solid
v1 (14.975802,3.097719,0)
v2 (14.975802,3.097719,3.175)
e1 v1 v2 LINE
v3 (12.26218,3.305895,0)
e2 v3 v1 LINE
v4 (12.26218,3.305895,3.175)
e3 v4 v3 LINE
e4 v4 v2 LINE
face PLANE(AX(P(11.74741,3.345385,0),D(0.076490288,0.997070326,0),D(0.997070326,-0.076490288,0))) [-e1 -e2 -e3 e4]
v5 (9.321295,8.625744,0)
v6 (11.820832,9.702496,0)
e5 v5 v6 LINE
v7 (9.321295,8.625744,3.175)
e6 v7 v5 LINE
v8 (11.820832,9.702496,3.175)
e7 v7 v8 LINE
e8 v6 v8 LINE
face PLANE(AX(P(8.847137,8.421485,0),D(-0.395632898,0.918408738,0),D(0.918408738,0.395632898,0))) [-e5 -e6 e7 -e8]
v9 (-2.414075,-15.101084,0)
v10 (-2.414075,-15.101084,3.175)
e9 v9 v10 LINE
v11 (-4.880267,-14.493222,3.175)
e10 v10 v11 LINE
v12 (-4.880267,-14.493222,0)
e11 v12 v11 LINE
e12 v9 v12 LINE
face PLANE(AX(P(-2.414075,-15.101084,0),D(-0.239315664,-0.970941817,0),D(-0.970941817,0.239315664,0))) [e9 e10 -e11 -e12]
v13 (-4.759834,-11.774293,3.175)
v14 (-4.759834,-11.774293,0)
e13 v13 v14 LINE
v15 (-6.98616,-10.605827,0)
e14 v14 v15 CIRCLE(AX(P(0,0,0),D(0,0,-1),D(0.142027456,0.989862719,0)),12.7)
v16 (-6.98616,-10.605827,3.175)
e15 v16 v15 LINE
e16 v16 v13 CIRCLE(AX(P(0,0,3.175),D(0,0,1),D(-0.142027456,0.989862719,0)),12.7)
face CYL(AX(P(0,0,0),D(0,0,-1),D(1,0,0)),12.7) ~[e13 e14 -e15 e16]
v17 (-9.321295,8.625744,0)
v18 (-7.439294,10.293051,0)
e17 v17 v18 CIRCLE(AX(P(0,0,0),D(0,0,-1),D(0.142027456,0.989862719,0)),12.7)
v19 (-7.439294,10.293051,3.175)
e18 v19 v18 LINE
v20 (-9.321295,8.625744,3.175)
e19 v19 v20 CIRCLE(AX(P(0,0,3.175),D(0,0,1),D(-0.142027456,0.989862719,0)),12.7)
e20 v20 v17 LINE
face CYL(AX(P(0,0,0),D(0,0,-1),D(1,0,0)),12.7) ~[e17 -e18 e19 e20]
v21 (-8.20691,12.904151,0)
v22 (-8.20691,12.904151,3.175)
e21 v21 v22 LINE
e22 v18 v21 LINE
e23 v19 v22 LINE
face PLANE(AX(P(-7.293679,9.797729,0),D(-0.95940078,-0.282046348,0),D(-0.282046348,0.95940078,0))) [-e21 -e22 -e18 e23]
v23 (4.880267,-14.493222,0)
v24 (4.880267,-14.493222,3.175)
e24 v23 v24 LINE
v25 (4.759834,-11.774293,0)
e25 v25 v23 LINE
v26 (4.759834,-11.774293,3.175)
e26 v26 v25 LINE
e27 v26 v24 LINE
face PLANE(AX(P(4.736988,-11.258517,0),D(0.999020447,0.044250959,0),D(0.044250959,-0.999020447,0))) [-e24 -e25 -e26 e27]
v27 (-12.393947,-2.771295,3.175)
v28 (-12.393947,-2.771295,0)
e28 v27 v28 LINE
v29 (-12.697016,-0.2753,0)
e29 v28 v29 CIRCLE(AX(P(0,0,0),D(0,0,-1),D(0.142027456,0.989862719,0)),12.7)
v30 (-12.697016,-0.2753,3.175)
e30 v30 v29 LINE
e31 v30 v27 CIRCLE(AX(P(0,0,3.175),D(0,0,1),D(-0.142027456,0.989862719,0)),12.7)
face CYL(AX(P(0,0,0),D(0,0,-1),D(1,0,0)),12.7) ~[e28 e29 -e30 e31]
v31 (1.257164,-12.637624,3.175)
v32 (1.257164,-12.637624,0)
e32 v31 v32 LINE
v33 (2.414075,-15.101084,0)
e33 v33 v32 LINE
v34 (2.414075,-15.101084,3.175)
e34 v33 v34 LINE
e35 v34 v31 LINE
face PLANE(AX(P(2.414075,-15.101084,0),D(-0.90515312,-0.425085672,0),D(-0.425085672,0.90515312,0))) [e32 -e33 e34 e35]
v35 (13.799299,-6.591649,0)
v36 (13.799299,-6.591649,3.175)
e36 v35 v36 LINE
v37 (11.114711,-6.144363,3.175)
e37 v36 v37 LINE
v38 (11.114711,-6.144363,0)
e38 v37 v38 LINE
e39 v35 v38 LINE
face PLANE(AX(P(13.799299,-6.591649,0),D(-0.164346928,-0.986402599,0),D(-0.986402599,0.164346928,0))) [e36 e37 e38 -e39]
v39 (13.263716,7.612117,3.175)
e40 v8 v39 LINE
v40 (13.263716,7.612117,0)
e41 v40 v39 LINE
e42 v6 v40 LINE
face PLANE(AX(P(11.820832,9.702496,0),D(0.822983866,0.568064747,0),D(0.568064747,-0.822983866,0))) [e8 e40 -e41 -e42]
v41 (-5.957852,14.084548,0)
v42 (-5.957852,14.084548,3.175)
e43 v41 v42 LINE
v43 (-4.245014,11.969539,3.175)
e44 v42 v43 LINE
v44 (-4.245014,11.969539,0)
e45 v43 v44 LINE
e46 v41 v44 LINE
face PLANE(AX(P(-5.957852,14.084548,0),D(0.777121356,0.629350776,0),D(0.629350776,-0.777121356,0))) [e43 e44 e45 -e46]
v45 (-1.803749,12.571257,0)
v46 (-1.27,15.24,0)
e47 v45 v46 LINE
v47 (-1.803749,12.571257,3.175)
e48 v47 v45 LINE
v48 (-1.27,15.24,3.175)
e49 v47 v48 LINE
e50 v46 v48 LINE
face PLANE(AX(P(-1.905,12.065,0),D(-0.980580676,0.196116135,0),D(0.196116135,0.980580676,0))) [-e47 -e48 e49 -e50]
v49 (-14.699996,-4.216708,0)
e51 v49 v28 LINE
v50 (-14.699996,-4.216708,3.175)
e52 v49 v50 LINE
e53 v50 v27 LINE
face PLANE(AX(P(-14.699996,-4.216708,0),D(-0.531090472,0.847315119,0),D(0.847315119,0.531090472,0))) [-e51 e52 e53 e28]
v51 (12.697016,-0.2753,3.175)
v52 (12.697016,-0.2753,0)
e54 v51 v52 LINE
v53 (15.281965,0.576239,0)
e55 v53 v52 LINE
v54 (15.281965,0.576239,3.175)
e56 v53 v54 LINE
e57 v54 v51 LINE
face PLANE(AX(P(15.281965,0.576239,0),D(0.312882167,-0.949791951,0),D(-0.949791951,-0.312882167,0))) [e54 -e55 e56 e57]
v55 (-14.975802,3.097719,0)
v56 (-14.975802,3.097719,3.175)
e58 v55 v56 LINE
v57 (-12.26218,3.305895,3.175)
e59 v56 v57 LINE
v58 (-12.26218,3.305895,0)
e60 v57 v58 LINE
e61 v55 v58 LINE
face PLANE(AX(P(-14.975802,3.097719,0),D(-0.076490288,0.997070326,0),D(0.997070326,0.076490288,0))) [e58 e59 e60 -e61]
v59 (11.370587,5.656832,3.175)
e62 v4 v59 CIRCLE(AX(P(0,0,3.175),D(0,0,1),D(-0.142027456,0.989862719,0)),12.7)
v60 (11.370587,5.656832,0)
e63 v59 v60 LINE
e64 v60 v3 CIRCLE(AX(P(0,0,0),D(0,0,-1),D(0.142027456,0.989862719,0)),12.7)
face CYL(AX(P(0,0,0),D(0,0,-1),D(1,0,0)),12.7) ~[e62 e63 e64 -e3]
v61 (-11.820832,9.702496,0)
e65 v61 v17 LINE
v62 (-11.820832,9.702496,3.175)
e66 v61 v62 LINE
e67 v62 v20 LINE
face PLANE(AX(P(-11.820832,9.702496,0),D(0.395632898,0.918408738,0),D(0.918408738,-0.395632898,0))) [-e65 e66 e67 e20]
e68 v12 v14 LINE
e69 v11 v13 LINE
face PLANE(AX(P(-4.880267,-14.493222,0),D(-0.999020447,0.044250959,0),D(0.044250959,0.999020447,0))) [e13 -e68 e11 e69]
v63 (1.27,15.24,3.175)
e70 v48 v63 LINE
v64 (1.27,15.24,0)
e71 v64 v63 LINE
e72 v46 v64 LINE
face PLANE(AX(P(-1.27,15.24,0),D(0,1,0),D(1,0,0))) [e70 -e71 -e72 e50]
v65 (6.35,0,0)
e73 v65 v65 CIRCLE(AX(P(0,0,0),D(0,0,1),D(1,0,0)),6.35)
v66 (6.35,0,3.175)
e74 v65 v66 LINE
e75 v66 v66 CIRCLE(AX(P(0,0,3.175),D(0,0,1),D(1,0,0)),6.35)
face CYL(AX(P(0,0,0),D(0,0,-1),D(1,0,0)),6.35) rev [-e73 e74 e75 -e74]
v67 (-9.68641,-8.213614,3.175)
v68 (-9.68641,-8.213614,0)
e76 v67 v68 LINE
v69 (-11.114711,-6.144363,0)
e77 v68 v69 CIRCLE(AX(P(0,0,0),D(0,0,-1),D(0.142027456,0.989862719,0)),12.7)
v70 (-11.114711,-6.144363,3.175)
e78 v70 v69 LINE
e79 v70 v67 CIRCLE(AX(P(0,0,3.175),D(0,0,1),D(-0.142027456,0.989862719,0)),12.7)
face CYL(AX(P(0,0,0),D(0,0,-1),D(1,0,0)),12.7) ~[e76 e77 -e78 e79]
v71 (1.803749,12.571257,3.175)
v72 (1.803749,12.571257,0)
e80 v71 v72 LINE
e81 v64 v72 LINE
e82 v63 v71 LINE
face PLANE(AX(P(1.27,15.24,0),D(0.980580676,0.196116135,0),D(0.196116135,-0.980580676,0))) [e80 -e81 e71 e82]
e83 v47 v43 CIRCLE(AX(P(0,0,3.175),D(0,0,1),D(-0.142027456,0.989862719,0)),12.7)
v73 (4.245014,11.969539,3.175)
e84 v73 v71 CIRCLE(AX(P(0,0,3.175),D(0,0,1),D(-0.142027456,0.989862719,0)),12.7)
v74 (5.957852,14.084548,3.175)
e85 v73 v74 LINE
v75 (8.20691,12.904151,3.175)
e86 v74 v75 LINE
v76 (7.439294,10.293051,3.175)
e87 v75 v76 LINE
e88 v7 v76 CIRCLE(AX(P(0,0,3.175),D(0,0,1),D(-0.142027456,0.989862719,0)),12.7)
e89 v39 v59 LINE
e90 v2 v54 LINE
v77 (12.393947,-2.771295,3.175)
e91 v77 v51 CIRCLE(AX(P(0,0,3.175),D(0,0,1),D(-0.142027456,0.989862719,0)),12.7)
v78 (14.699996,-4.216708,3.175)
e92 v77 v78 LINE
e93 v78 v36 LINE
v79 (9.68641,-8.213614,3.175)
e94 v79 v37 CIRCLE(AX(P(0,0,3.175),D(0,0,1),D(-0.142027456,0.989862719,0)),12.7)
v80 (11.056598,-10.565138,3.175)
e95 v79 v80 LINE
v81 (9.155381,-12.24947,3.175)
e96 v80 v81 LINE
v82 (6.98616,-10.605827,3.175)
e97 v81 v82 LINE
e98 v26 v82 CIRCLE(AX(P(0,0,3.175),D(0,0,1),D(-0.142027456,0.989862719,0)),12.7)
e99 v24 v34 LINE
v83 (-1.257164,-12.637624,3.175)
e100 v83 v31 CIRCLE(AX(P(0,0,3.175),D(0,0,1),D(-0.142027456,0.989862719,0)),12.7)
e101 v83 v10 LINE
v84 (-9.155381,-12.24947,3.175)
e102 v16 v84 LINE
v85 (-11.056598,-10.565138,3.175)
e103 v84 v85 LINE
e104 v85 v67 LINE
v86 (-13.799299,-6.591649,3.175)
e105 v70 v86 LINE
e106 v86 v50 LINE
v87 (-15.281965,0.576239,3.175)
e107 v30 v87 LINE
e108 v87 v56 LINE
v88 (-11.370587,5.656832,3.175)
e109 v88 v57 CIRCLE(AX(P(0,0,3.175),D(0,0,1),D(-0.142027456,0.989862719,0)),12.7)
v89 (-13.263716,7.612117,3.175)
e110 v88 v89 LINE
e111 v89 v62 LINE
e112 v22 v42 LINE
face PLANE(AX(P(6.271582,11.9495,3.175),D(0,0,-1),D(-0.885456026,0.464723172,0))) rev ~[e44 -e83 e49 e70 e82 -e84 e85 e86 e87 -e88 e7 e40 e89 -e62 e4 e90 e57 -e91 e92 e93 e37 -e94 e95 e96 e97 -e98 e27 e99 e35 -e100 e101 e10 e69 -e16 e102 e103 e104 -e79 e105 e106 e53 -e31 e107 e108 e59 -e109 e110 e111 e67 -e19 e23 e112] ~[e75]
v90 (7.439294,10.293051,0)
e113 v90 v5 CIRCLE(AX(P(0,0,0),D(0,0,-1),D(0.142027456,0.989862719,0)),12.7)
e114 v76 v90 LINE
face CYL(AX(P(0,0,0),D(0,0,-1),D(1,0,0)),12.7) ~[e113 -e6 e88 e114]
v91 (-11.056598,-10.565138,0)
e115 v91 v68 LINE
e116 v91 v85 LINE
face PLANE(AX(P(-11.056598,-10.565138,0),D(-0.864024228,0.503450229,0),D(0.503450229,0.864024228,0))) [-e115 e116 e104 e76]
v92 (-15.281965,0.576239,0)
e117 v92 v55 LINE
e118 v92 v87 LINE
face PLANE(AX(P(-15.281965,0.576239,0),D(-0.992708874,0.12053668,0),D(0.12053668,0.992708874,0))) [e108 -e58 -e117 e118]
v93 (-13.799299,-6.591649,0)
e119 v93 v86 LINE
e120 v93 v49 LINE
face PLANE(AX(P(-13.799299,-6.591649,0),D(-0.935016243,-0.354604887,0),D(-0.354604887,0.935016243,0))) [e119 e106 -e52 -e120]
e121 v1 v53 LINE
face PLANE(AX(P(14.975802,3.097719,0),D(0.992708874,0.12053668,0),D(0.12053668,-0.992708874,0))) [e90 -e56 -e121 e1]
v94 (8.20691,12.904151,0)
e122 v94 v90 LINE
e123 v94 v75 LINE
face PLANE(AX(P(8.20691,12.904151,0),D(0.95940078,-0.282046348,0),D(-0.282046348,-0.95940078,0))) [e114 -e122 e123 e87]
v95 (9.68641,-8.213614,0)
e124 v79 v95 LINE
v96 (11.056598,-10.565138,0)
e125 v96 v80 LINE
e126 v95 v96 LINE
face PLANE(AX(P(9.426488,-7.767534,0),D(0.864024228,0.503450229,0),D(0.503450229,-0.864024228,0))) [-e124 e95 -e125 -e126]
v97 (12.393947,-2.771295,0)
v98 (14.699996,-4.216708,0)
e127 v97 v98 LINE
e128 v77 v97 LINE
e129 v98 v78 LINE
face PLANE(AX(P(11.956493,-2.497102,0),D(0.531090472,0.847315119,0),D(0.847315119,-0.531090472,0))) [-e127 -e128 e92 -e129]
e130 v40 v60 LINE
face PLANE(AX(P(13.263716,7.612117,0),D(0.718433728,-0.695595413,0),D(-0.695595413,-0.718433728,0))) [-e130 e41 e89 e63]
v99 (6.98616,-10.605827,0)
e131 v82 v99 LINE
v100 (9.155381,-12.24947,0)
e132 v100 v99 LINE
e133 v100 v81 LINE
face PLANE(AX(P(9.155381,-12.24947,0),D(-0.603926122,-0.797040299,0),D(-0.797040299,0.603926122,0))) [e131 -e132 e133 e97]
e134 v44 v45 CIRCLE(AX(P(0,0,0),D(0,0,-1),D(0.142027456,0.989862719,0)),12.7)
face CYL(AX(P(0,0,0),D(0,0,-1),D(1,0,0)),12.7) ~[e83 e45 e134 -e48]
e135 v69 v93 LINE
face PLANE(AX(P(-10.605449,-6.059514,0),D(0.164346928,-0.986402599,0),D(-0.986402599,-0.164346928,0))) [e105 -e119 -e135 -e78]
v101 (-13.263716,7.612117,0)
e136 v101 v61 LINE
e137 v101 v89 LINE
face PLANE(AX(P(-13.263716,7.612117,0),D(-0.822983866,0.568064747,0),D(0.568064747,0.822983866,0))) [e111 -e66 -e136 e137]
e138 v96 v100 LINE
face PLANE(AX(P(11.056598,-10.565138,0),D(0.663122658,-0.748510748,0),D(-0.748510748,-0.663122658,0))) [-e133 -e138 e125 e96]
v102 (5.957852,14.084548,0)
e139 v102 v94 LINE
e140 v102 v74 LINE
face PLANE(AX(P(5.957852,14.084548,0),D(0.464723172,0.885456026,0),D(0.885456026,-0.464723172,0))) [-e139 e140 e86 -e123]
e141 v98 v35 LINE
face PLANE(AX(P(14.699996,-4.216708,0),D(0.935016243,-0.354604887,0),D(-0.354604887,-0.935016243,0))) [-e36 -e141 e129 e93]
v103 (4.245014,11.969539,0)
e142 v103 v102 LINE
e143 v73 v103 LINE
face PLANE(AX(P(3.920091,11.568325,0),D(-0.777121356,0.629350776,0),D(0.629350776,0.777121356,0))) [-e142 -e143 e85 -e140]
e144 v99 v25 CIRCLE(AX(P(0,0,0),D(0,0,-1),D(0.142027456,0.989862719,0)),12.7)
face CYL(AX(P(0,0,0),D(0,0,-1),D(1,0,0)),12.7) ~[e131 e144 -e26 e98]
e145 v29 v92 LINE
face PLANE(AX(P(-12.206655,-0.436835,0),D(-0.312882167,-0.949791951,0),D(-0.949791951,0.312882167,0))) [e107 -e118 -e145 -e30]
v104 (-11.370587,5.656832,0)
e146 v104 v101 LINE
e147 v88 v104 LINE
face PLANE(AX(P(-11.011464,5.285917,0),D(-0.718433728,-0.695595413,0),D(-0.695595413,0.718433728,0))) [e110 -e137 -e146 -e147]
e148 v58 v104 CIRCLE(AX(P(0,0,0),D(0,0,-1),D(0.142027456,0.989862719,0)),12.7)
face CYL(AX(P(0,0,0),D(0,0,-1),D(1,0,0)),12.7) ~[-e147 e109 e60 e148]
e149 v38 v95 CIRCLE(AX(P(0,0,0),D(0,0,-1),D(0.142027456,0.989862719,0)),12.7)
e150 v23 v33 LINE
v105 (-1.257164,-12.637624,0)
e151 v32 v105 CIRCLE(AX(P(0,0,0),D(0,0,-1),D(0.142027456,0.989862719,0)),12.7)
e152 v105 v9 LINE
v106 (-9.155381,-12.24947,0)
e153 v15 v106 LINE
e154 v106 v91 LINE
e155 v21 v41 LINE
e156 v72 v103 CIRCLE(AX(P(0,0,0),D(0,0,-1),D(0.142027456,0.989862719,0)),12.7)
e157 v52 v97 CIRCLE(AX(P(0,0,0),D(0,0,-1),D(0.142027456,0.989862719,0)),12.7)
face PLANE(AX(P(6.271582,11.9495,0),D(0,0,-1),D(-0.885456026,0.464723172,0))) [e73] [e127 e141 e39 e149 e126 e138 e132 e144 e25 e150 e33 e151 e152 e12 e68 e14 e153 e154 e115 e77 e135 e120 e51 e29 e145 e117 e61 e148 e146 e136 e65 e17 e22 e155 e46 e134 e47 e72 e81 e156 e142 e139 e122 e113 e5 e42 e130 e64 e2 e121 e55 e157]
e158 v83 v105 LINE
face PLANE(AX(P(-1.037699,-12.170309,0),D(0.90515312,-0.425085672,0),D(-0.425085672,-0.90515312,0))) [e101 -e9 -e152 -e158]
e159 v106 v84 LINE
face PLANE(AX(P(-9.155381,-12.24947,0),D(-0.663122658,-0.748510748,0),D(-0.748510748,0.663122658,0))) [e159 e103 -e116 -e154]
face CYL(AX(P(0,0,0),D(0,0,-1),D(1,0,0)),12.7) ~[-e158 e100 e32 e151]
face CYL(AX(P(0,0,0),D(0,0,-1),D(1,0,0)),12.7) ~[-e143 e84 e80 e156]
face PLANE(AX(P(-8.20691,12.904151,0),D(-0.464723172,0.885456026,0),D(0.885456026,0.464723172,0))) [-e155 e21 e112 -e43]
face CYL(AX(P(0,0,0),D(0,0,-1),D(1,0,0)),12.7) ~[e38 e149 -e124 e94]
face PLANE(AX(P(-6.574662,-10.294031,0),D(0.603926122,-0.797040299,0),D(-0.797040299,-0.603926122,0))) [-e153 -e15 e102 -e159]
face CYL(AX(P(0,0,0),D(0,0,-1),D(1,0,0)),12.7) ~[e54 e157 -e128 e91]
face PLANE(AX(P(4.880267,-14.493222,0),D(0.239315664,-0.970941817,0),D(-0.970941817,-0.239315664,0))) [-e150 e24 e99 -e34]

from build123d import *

# Parameters (mm, degrees)
SKETCH1_R           = 12.7
SKETCH1_R_2         = 6.35
BOSS_EXTRUDE1_DEPTH = 3.175
BOSS_EXTRUDE2_DEPTH = 3.175
CIRPATTERN1_COUNT   = 13


with BuildPart() as part:
    # Sketch1 → Boss-Extrude1 (new body)
    with BuildSketch(Plane.XY):
        Circle(SKETCH1_R)
        Circle(SKETCH1_R_2, mode=Mode.SUBTRACT)
    extrude(amount=BOSS_EXTRUDE1_DEPTH)

    # Sketch2 → Boss-Extrude2 (add)
    with BuildSketch(Plane.XY):
        Polygon((-1.27, 15.24), (1.27, 15.24), (1.905, 12.065), (-1.905, 12.065), align=None)
    boss_extrude2 = extrude(amount=BOSS_EXTRUDE2_DEPTH)

    # CirPattern1: Boss-Extrude2 ×13 about axis
    cirpattern1_axis = Axis((0, 0, 0), (0, 0, 1))
    for i in range(1, CIRPATTERN1_COUNT):
        add(boss_extrude2.rotate(cirpattern1_axis, i * 360 / CIRPATTERN1_COUNT))


solid = part.part
